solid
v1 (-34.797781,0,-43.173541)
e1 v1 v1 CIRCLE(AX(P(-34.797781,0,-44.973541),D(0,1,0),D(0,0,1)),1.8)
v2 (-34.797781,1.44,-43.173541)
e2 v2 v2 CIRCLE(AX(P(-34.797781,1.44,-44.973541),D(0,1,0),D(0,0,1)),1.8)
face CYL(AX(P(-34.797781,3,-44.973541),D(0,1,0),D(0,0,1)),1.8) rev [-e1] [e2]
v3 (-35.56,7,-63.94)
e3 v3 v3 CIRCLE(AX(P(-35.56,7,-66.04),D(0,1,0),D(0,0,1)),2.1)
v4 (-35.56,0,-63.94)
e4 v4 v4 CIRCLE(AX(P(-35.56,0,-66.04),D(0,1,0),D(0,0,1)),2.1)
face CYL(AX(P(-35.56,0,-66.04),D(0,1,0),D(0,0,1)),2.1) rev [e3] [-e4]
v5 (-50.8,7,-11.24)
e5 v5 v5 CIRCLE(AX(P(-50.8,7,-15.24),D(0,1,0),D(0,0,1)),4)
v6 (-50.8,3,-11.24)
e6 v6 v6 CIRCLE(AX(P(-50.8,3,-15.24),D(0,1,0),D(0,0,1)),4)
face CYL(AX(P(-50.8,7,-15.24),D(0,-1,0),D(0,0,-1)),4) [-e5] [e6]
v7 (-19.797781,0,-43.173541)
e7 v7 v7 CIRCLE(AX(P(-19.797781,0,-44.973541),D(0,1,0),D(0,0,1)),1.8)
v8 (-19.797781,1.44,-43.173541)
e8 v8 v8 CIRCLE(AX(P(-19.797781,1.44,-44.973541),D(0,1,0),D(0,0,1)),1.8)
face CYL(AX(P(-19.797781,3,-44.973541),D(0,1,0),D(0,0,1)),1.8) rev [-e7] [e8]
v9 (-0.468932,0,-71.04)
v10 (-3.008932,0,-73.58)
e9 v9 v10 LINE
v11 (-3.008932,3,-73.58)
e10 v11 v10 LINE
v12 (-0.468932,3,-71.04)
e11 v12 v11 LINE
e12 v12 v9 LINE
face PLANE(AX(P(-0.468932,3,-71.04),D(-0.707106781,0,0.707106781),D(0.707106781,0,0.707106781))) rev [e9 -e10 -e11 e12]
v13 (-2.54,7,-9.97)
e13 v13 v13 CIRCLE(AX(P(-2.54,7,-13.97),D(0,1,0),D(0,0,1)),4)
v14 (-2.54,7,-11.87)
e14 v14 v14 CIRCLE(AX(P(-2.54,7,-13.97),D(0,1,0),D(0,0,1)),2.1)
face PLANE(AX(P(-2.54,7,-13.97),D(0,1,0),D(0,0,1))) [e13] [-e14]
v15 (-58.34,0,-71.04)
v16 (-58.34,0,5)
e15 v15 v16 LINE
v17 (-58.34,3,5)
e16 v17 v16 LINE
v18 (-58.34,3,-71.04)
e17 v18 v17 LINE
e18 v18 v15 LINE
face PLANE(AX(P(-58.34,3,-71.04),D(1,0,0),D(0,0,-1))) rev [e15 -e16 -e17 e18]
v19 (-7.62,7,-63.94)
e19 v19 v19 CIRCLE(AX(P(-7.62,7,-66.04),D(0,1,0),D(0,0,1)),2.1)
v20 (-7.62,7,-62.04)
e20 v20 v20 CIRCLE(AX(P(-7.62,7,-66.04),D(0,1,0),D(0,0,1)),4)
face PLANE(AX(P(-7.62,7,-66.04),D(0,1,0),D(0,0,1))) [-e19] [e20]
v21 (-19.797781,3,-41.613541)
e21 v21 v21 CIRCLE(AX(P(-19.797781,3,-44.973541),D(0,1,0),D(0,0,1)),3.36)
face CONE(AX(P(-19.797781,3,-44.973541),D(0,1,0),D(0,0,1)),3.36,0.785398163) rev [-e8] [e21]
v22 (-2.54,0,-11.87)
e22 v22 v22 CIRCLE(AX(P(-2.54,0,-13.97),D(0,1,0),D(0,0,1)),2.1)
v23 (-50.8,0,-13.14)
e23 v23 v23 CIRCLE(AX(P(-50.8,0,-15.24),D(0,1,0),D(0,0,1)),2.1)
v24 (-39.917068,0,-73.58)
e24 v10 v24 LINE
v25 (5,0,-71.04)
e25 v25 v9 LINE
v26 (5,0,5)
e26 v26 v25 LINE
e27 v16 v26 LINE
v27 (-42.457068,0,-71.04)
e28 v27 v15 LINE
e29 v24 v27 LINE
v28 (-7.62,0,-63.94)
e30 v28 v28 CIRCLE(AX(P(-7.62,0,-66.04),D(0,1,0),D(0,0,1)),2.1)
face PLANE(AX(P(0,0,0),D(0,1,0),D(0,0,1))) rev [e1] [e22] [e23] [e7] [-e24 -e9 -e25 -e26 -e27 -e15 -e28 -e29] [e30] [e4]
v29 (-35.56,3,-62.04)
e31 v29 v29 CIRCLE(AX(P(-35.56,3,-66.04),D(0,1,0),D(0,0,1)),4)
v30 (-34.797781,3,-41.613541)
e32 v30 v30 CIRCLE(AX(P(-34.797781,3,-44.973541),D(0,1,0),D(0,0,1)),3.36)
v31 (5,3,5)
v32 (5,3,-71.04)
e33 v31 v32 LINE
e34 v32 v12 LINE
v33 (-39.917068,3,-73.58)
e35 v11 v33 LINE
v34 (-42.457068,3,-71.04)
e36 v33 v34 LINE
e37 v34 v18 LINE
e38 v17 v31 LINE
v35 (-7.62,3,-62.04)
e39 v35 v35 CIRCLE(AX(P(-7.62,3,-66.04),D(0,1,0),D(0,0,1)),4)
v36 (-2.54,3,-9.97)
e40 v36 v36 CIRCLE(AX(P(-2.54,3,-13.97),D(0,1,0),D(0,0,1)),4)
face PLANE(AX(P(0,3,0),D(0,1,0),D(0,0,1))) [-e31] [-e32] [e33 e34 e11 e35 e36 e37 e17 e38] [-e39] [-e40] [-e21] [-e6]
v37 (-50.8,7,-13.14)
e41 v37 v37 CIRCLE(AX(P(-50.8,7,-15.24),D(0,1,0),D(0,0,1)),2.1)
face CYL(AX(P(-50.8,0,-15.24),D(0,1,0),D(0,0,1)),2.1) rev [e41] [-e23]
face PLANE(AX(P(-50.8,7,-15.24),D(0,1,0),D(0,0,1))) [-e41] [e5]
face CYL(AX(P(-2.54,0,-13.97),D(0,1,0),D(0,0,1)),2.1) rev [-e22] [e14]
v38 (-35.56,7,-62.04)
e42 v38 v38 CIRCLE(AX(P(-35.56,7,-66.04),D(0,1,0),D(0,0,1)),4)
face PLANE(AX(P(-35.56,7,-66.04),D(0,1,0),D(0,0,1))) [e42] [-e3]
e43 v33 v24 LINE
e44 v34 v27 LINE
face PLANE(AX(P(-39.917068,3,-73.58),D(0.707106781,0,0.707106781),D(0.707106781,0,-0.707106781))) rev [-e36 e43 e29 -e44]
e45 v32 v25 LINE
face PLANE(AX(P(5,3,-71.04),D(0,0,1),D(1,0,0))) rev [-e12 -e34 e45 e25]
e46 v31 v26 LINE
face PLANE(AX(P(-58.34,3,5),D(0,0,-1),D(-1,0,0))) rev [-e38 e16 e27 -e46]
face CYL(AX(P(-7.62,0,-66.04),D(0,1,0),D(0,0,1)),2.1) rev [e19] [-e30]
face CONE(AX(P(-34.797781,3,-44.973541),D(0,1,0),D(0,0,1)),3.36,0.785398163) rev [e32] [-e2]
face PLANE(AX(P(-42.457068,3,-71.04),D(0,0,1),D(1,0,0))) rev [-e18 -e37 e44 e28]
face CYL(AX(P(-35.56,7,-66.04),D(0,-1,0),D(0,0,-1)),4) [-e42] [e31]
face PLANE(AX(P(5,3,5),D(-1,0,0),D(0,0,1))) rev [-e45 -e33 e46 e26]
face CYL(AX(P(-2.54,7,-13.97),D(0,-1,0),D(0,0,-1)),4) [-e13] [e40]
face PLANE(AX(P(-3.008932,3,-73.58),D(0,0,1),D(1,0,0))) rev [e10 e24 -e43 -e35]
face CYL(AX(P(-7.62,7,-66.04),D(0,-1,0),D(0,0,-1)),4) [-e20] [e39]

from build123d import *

# Parameters (mm, degrees)
SKETCH1_R                                            = 1.5875
BOSS_EXTRUDE1_DEPTH                                  = 3
SKETCH2_R                                            = 2.1
CUT_EXTRUDE1_DEPTH                                   = 94.949837679
BOSS_EXTRUDE2_START                                  = 4
SKETCH3_R                                            = 4
SKETCH3_R_2                                          = 2.1
BOSS_EXTRUDE2_DEPTH                                  = 4
CSK_FOR_M3_HEX_SOCKET_COUNTERSUNK_CAP_SC_D           = 3.6
CSK_FOR_M3_HEX_SOCKET_COUNTERSUNK_CAP_SC_DEPTH       = 14.44
CSK_FOR_M3_HEX_SOCKET_COUNTERSUNK_CAP_SC_CSINK_D     = 6.72
CSK_FOR_M3_HEX_SOCKET_COUNTERSUNK_CAP_SC_CSINK_ANGLE = 90
CSK_FOR_M3_HEX_SOCKET_COUNTERSUNK_CAP_SC_TIP         = 1.081549114


with BuildPart() as part:
    # Sketch1 → Boss-Extrude1 (new body)
    with BuildSketch(Plane(origin=(0, 0, 0), x_dir=(1, 0, 0), z_dir=(0, 1, 0))):
        Polygon((5, -5), (5, 71.04), (-0.468932188, 71.04), (-3.008932188, 73.58), (-39.917067812, 73.58), (-42.457067812, 71.04), (-58.34, 71.04), (-58.34, -5), align=None)
        with Locations(Location((-50.8, 15.24, 0), (0, 0, 270))):
            Circle(SKETCH1_R, mode=Mode.SUBTRACT)
        with Locations(Location((-2.54, 13.97, 0), (0, 0, 270))):
            Circle(SKETCH1_R, mode=Mode.SUBTRACT)
        with Locations(Location((-7.62, 66.04, 0), (0, 0, 270))):
            Circle(SKETCH1_R, mode=Mode.SUBTRACT)
        with Locations(Location((-35.56, 66.04, 0), (0, 0, 270))):
            Circle(SKETCH1_R, mode=Mode.SUBTRACT)
    extrude(amount=BOSS_EXTRUDE1_DEPTH)

    # Sketch2 → Cut-Extrude1 (cut, through all)
    with BuildSketch(Plane(origin=(0, 3, 0), x_dir=(1, 0, 0), z_dir=(0, 1, 0))):
        with Locations(Location((-50.8, 15.24, 0), (0, 0, 270))):
            Circle(SKETCH2_R)
        with Locations(Location((-35.56, 66.04, 0), (0, 0, 270))):
            Circle(SKETCH2_R)
        with Locations(Location((-7.62, 66.04, 0), (0, 0, 270))):
            Circle(SKETCH2_R)
        with Locations(Location((-2.54, 13.97, 0), (0, 0, 270))):
            Circle(SKETCH2_R)
    extrude(amount=-CUT_EXTRUDE1_DEPTH, mode=Mode.SUBTRACT)

    # Sketch3 → Boss-Extrude2 (add)
    # profile 1 of 4: a face of its own
    with BuildSketch(Plane(origin=(0, 3, 0), x_dir=(1, 0, 0), z_dir=(0, 1, 0)).offset(BOSS_EXTRUDE2_START)):
        with Locations(Location((-50.8, 15.24, 0), (0, 0, 270))):
            Circle(SKETCH3_R)
        with Locations(Location((-50.8, 15.24, 0), (0, 0, 270))):
            Circle(SKETCH3_R_2, mode=Mode.SUBTRACT)
    # profile 2 of 4: a face of its own
    with BuildSketch(Plane(origin=(0, 3, 0), x_dir=(1, 0, 0), z_dir=(0, 1, 0)).offset(BOSS_EXTRUDE2_START)):
        with Locations(Location((-35.56, 66.04, 0), (0, 0, 270))):
            Circle(SKETCH3_R)
        with Locations(Location((-35.56, 66.04, 0), (0, 0, 270))):
            Circle(SKETCH3_R_2, mode=Mode.SUBTRACT)
    # profile 3 of 4: a face of its own
    with BuildSketch(Plane(origin=(0, 3, 0), x_dir=(1, 0, 0), z_dir=(0, 1, 0)).offset(BOSS_EXTRUDE2_START)):
        with Locations(Location((-7.62, 66.04, 0), (0, 0, 270))):
            Circle(SKETCH3_R)
        with Locations(Location((-7.62, 66.04, 0), (0, 0, 270))):
            Circle(SKETCH3_R_2, mode=Mode.SUBTRACT)
    # profile 4 of 4: a face of its own
    with BuildSketch(Plane(origin=(0, 3, 0), x_dir=(1, 0, 0), z_dir=(0, 1, 0)).offset(BOSS_EXTRUDE2_START)):
        with Locations(Location((-2.54, 13.97, 0), (0, 0, 270))):
            Circle(SKETCH3_R)
        with Locations(Location((-2.54, 13.97, 0), (0, 0, 270))):
            Circle(SKETCH3_R_2, mode=Mode.SUBTRACT)
    extrude(amount=-BOSS_EXTRUDE2_DEPTH)

    # CSK for M3 Hex Socket Countersunk Cap Screw1
    with Locations(Plane(origin=(0, 3, 0), x_dir=(1, 0, 0), z_dir=(0, 1, 0))):
        with Locations((-34.797780841, 44.973541217), (-19.797780841, 44.973541217)):
            CounterSinkHole(CSK_FOR_M3_HEX_SOCKET_COUNTERSUNK_CAP_SC_D / 2, CSK_FOR_M3_HEX_SOCKET_COUNTERSUNK_CAP_SC_CSINK_D / 2, depth=CSK_FOR_M3_HEX_SOCKET_COUNTERSUNK_CAP_SC_DEPTH, counter_sink_angle=CSK_FOR_M3_HEX_SOCKET_COUNTERSUNK_CAP_SC_CSINK_ANGLE)
            with Locations((0, 0, -(CSK_FOR_M3_HEX_SOCKET_COUNTERSUNK_CAP_SC_DEPTH + CSK_FOR_M3_HEX_SOCKET_COUNTERSUNK_CAP_SC_TIP / 2))):  # 118° drill point
                Cone(0, CSK_FOR_M3_HEX_SOCKET_COUNTERSUNK_CAP_SC_D / 2, CSK_FOR_M3_HEX_SOCKET_COUNTERSUNK_CAP_SC_TIP, mode=Mode.SUBTRACT)


solid = part.part
